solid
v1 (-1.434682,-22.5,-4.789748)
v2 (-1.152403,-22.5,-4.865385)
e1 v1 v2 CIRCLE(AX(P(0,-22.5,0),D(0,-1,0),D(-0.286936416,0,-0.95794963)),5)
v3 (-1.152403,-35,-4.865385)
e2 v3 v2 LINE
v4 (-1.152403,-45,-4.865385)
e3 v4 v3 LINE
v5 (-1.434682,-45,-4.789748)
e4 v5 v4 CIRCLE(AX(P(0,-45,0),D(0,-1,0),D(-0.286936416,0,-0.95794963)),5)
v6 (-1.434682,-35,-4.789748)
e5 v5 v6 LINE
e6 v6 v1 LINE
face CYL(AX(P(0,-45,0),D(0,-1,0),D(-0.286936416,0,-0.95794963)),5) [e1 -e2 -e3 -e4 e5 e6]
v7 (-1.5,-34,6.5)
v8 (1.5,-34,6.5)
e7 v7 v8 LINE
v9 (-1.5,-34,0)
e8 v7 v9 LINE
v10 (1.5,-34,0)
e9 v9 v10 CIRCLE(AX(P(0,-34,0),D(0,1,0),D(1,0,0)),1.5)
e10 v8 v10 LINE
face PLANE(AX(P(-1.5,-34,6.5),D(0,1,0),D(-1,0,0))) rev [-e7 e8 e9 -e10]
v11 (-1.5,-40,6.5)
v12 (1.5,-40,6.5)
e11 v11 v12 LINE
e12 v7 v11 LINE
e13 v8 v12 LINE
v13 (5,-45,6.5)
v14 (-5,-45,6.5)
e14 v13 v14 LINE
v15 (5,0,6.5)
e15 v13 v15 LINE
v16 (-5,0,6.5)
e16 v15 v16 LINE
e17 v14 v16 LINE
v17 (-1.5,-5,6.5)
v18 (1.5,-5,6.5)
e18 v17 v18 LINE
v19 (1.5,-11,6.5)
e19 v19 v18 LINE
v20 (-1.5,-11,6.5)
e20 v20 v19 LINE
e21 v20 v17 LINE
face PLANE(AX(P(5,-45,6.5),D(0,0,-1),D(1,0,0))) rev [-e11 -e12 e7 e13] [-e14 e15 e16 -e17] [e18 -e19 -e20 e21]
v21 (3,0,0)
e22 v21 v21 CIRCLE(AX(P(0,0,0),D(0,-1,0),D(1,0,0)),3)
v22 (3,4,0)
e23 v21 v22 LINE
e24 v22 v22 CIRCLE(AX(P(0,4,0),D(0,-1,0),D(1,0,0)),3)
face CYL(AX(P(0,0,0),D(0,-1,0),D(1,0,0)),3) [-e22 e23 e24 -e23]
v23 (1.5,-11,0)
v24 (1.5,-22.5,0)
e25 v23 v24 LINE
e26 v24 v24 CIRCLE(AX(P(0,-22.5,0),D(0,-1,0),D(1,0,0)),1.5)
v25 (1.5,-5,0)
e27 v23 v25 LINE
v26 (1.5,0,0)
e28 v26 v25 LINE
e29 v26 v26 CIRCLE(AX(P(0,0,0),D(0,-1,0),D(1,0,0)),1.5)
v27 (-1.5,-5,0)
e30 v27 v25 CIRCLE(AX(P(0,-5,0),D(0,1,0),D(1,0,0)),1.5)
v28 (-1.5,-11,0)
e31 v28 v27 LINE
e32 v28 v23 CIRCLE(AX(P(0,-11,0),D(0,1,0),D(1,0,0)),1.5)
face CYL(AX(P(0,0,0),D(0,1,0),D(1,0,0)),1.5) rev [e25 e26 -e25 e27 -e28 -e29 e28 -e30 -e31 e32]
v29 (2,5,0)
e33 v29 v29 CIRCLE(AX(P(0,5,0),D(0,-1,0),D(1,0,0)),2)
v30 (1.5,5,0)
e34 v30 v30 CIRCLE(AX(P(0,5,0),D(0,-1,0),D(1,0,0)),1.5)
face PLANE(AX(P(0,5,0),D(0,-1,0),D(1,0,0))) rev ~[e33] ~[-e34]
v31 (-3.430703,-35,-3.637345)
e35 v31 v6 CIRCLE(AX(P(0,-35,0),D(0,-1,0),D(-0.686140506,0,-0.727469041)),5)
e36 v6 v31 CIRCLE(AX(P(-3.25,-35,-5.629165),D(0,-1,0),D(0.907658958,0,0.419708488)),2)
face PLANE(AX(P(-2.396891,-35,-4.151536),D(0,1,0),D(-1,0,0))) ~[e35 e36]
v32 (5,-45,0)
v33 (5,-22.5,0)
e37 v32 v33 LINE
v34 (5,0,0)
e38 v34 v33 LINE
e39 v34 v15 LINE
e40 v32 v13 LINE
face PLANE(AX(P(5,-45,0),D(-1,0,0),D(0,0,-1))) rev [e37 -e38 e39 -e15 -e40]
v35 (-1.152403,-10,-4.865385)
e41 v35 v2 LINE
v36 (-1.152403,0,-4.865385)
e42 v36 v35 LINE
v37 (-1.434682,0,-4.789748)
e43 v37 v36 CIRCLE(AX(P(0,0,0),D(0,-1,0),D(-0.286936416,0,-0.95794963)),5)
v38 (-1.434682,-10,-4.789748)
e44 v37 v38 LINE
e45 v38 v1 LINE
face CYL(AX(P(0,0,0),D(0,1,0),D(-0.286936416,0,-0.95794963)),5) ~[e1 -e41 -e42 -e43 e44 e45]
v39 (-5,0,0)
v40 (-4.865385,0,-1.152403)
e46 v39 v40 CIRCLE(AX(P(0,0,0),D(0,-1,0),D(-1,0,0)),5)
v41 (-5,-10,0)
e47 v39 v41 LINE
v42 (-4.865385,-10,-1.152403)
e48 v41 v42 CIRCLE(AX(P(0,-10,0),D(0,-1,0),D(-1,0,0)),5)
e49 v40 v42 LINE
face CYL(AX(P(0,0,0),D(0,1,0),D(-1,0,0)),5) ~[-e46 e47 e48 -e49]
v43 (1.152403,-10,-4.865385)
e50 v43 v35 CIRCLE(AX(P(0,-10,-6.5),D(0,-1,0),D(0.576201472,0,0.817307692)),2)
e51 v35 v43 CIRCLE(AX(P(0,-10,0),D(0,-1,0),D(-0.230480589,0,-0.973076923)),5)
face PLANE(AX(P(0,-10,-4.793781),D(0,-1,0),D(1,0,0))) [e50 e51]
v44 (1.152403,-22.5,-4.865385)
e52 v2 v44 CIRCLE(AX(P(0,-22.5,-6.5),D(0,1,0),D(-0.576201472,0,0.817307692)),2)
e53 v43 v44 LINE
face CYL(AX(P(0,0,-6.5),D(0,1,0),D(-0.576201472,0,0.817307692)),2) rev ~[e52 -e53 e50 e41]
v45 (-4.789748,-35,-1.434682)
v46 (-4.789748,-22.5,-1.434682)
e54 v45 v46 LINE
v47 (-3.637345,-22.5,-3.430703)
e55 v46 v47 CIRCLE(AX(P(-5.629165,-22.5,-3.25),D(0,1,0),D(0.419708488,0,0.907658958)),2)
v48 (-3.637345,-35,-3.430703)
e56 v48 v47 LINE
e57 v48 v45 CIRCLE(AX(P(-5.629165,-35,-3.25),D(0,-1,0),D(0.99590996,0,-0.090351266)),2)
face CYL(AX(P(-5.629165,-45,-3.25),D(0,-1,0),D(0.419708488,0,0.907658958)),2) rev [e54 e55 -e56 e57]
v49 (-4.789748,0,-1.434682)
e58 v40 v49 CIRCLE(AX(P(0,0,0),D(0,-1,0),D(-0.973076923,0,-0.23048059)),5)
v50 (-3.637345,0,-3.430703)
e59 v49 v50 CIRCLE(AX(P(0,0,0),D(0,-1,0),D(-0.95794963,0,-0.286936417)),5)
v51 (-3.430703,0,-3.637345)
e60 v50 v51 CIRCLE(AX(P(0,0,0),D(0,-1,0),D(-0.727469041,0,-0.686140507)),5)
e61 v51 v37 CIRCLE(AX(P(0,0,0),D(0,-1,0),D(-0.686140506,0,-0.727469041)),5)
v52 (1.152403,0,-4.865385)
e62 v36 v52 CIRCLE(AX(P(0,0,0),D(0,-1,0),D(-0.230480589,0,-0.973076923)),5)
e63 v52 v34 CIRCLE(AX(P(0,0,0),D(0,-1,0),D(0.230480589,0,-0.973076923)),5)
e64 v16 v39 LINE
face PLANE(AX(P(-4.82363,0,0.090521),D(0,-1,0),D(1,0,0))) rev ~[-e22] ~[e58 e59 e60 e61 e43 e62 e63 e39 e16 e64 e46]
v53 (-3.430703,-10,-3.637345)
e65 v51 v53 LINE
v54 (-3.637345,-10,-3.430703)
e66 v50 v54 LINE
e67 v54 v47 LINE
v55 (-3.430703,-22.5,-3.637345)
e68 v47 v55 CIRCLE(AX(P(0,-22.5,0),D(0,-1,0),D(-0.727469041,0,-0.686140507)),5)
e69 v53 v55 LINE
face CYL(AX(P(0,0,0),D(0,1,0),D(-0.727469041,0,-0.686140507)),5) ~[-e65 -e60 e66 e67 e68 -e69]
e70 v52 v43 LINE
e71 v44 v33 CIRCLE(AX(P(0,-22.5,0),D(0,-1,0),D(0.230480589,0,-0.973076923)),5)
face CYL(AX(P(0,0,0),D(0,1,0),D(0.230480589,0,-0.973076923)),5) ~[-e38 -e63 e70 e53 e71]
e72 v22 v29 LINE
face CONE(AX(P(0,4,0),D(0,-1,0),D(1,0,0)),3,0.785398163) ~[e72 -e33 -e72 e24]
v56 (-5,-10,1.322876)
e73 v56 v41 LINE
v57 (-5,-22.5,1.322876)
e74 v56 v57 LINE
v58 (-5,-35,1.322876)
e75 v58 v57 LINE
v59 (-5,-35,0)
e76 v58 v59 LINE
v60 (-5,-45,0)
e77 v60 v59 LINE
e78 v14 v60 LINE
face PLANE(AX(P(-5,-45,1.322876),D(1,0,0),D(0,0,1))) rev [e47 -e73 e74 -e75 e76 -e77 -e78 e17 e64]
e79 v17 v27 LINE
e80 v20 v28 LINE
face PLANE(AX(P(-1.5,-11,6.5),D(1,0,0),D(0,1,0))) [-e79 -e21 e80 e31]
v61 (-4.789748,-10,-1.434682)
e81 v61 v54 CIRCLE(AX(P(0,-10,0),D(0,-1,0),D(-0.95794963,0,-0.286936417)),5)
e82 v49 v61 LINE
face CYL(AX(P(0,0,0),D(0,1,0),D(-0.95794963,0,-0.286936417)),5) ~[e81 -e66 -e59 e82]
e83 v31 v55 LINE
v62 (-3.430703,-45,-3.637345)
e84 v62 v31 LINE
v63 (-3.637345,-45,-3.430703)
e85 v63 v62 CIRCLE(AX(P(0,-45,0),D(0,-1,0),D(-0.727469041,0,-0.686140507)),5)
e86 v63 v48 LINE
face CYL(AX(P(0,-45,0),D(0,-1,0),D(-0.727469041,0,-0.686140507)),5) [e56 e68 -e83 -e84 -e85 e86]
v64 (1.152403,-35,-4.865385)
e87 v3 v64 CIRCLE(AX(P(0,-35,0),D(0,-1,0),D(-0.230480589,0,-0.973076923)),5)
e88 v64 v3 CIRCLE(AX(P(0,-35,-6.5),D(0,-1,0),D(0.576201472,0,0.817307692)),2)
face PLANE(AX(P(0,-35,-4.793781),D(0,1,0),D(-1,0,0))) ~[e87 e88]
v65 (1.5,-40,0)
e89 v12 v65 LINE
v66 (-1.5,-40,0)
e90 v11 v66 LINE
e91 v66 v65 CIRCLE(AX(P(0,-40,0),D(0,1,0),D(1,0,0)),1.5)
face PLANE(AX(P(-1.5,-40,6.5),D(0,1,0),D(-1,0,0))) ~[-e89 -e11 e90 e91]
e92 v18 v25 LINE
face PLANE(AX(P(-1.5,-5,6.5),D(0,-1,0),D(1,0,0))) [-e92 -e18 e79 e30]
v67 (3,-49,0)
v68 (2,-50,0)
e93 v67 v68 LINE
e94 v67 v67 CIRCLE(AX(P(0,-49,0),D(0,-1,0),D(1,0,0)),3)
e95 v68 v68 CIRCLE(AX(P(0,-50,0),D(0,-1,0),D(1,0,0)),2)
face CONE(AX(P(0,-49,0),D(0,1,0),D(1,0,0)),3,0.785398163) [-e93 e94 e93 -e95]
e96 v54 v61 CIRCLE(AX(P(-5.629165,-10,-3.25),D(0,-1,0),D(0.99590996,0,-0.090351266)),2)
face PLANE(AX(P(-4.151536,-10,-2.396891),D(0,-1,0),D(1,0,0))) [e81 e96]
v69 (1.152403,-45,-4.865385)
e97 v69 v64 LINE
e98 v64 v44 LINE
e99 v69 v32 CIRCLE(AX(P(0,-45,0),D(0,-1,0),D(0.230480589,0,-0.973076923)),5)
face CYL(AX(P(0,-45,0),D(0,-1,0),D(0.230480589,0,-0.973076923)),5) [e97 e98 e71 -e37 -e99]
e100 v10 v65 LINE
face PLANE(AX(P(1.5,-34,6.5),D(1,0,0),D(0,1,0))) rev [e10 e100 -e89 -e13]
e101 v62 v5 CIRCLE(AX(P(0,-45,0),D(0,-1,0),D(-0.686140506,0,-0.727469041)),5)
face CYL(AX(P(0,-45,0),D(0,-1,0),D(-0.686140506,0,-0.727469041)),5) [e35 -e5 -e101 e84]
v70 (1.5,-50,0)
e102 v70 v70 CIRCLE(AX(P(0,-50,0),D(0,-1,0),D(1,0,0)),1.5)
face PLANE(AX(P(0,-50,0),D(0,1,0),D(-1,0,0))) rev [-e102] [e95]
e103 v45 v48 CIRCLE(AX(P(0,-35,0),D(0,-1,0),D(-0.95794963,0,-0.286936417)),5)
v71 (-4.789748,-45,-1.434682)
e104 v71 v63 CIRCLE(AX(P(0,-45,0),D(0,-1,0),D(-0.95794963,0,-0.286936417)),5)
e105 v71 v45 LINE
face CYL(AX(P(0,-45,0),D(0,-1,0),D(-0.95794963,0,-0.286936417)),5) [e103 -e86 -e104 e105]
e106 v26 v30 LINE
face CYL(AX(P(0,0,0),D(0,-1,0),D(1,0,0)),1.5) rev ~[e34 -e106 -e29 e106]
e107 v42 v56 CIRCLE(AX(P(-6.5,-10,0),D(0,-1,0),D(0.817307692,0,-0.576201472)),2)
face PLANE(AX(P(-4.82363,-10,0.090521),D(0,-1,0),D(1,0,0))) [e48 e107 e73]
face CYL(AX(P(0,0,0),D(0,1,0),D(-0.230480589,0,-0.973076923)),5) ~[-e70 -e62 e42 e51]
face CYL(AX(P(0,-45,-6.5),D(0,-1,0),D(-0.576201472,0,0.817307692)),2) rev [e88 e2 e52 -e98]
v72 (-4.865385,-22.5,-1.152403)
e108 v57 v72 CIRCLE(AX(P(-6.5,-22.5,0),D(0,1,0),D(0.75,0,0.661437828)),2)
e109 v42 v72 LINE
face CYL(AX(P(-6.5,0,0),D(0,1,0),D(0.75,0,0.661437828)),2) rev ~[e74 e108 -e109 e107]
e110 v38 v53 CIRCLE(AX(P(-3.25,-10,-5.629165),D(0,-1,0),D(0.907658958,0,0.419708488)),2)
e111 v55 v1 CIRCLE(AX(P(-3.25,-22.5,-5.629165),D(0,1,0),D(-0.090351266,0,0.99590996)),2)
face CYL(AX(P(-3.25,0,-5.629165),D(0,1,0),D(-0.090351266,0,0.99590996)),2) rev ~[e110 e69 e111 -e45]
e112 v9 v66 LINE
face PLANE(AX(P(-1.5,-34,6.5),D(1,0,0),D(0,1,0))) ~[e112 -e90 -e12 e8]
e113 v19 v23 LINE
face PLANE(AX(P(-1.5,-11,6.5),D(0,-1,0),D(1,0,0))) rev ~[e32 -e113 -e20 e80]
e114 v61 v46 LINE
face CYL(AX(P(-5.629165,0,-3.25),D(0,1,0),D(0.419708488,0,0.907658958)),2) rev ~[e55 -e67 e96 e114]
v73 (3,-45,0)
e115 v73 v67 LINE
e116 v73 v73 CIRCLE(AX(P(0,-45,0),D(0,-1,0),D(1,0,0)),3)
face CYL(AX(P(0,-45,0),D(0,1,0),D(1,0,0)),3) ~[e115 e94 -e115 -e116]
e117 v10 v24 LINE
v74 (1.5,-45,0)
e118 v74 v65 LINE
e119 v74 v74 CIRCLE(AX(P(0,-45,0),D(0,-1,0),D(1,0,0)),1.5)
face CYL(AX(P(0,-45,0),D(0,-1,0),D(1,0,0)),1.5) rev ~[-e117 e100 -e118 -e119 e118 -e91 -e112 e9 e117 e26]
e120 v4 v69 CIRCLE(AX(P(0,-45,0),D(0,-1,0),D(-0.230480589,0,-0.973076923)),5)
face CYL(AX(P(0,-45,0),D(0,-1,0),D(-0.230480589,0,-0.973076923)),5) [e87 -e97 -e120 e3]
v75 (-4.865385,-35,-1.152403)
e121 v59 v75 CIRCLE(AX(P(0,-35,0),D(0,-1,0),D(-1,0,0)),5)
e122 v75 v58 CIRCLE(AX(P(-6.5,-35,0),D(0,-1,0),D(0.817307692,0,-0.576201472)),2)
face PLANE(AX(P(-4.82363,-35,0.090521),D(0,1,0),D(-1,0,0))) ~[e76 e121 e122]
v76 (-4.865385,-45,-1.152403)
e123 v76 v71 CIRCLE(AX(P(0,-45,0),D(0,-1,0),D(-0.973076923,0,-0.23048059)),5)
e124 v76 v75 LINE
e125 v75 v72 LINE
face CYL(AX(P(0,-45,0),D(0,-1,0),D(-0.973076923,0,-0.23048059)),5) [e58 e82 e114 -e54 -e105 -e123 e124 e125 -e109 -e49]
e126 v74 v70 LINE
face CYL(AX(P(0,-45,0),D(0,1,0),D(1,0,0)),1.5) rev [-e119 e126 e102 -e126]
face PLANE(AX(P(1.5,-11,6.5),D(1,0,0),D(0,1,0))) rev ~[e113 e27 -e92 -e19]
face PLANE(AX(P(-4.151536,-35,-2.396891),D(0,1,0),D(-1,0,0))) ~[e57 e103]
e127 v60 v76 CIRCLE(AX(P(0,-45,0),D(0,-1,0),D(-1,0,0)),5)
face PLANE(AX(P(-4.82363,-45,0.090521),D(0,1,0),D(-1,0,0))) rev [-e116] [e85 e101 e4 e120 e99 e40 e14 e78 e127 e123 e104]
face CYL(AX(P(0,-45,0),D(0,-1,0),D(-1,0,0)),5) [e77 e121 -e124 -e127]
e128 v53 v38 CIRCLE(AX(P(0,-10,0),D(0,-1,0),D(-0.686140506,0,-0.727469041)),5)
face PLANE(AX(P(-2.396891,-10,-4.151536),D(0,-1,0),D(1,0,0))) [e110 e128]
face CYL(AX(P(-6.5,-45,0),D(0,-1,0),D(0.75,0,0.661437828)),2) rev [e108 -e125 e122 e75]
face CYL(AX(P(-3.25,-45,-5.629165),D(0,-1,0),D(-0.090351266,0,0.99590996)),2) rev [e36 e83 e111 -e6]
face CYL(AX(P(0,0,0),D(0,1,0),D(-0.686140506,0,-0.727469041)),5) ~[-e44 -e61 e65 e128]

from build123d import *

# Parameters (mm, degrees)
F0_R     = 3
F0_R_2   = 1.5
F1_DEPTH = 22.5
F2_DEPTH = 10
F3_R     = 3
F3_R_2   = 1.5
F4_DEPTH = 5
F5_SIZE  = 1
F6_W     = 3
F6_H     = 6
F7_DEPTH = 6.5


with BuildPart() as f1:
    # F0 (on Front) → F1 (new body)
    with BuildSketch(Plane.XZ):
        with BuildLine():
            Line((5, 0), (5, 6.5))
            Line((5, 6.5), (-5, 6.5))
            Line((-5, 6.5), (-5, 1.3228756555))
            ThreePointArc((-5, 1.3228756555), (-4.5029510677, 0.1086073746), (-4.8653846154, -1.1524029436))
            ThreePointArc((-4.8653846154, -1.1524029436), (-4.8296291314, -1.2940952255), (-4.7897481479, -1.4346820832))
            ThreePointArc((-4.7897481479, -1.4346820832), (-3.897114317, -2.25), (-3.6373452043, -3.4307025322))
            ThreePointArc((-3.6373452043, -3.4307025322), (-3.5355339059, -3.5355339059), (-3.4307025322, -3.6373452043))
            ThreePointArc((-3.4307025322, -3.6373452043), (-2.25, -3.897114317), (-1.4346820832, -4.7897481479))
            ThreePointArc((-1.4346820832, -4.7897481479), (-1.2940952255, -4.8296291314), (-1.1524029436, -4.8653846154))
            ThreePointArc((-1.1524029436, -4.8653846154), (0, -4.5), (1.1524029436, -4.8653846154))
            ThreePointArc((1.1524029436, -4.8653846154), (3.921862741, -3.1014500868), (5, 0))
        make_face()
        Circle(F0_R, mode=Mode.SUBTRACT)
        Circle(F0_R)
        Circle(F0_R_2, mode=Mode.SUBTRACT)
    extrude(amount=F1_DEPTH)

    # F0 (on Front) → F2 (join)
    with BuildSketch(Plane.XZ):
        with BuildLine():
            ThreePointArc((-4.8653846154, -1.1524029436), (-4.5029510677, 0.1086073746), (-5, 1.3228756555))
            Line((-5, 1.3228756555), (-5, 0))
            ThreePointArc((-5, 0), (-4.9662321269, -0.5801193511), (-4.8653846154, -1.1524029436))
        make_face()
        with BuildLine():
            ThreePointArc((-3.6373452043, -3.4307025322), (-3.897114317, -2.25), (-4.7897481479, -1.4346820832))
            ThreePointArc((-4.7897481479, -1.4346820832), (-4.3301270189, -2.5), (-3.6373452043, -3.4307025322))
        make_face()
        with BuildLine():
            ThreePointArc((-3.4307025322, -3.6373452043), (-2.5, -4.3301270189), (-1.4346820832, -4.7897481479))
            ThreePointArc((-1.4346820832, -4.7897481479), (-2.25, -3.897114317), (-3.4307025322, -3.6373452043))
        make_face()
        with BuildLine():
            ThreePointArc((-1.1524029436, -4.8653846154), (0, -5), (1.1524029436, -4.8653846154))
            ThreePointArc((1.1524029436, -4.8653846154), (0, -4.5), (-1.1524029436, -4.8653846154))
        make_face()
    extrude(amount=F2_DEPTH)

    # F3 (on face) → F4 (join)
    with BuildSketch(Plane.XZ):
        Circle(F3_R)
        Circle(F3_R_2, mode=Mode.SUBTRACT)
    extrude(amount=-F4_DEPTH)

    # F5
    f5_edges = [f1.edges().sort_by_distance(p)[0] for p in [
        (-3, 5, 0),
    ]]
    chamfer(f5_edges, length=F5_SIZE)

    # F6 (on face) → F7 (cut, through all)
    with BuildSketch(Plane.XY.offset(6.5)):
        with Locations((0, -8)):
            Rectangle(F6_W, F6_H)
    extrude(amount=-F7_DEPTH, mode=Mode.SUBTRACT)

    # F8: F1 across face


with BuildPart() as f1_1:
    add(f1.part)
    add(f1.part.mirror(Plane(origin=(0.0969972457, -22.5, 1.4535836906), x_dir=(1, 0, 0), z_dir=(0, -1, 0))))


solid = f1_1.part
